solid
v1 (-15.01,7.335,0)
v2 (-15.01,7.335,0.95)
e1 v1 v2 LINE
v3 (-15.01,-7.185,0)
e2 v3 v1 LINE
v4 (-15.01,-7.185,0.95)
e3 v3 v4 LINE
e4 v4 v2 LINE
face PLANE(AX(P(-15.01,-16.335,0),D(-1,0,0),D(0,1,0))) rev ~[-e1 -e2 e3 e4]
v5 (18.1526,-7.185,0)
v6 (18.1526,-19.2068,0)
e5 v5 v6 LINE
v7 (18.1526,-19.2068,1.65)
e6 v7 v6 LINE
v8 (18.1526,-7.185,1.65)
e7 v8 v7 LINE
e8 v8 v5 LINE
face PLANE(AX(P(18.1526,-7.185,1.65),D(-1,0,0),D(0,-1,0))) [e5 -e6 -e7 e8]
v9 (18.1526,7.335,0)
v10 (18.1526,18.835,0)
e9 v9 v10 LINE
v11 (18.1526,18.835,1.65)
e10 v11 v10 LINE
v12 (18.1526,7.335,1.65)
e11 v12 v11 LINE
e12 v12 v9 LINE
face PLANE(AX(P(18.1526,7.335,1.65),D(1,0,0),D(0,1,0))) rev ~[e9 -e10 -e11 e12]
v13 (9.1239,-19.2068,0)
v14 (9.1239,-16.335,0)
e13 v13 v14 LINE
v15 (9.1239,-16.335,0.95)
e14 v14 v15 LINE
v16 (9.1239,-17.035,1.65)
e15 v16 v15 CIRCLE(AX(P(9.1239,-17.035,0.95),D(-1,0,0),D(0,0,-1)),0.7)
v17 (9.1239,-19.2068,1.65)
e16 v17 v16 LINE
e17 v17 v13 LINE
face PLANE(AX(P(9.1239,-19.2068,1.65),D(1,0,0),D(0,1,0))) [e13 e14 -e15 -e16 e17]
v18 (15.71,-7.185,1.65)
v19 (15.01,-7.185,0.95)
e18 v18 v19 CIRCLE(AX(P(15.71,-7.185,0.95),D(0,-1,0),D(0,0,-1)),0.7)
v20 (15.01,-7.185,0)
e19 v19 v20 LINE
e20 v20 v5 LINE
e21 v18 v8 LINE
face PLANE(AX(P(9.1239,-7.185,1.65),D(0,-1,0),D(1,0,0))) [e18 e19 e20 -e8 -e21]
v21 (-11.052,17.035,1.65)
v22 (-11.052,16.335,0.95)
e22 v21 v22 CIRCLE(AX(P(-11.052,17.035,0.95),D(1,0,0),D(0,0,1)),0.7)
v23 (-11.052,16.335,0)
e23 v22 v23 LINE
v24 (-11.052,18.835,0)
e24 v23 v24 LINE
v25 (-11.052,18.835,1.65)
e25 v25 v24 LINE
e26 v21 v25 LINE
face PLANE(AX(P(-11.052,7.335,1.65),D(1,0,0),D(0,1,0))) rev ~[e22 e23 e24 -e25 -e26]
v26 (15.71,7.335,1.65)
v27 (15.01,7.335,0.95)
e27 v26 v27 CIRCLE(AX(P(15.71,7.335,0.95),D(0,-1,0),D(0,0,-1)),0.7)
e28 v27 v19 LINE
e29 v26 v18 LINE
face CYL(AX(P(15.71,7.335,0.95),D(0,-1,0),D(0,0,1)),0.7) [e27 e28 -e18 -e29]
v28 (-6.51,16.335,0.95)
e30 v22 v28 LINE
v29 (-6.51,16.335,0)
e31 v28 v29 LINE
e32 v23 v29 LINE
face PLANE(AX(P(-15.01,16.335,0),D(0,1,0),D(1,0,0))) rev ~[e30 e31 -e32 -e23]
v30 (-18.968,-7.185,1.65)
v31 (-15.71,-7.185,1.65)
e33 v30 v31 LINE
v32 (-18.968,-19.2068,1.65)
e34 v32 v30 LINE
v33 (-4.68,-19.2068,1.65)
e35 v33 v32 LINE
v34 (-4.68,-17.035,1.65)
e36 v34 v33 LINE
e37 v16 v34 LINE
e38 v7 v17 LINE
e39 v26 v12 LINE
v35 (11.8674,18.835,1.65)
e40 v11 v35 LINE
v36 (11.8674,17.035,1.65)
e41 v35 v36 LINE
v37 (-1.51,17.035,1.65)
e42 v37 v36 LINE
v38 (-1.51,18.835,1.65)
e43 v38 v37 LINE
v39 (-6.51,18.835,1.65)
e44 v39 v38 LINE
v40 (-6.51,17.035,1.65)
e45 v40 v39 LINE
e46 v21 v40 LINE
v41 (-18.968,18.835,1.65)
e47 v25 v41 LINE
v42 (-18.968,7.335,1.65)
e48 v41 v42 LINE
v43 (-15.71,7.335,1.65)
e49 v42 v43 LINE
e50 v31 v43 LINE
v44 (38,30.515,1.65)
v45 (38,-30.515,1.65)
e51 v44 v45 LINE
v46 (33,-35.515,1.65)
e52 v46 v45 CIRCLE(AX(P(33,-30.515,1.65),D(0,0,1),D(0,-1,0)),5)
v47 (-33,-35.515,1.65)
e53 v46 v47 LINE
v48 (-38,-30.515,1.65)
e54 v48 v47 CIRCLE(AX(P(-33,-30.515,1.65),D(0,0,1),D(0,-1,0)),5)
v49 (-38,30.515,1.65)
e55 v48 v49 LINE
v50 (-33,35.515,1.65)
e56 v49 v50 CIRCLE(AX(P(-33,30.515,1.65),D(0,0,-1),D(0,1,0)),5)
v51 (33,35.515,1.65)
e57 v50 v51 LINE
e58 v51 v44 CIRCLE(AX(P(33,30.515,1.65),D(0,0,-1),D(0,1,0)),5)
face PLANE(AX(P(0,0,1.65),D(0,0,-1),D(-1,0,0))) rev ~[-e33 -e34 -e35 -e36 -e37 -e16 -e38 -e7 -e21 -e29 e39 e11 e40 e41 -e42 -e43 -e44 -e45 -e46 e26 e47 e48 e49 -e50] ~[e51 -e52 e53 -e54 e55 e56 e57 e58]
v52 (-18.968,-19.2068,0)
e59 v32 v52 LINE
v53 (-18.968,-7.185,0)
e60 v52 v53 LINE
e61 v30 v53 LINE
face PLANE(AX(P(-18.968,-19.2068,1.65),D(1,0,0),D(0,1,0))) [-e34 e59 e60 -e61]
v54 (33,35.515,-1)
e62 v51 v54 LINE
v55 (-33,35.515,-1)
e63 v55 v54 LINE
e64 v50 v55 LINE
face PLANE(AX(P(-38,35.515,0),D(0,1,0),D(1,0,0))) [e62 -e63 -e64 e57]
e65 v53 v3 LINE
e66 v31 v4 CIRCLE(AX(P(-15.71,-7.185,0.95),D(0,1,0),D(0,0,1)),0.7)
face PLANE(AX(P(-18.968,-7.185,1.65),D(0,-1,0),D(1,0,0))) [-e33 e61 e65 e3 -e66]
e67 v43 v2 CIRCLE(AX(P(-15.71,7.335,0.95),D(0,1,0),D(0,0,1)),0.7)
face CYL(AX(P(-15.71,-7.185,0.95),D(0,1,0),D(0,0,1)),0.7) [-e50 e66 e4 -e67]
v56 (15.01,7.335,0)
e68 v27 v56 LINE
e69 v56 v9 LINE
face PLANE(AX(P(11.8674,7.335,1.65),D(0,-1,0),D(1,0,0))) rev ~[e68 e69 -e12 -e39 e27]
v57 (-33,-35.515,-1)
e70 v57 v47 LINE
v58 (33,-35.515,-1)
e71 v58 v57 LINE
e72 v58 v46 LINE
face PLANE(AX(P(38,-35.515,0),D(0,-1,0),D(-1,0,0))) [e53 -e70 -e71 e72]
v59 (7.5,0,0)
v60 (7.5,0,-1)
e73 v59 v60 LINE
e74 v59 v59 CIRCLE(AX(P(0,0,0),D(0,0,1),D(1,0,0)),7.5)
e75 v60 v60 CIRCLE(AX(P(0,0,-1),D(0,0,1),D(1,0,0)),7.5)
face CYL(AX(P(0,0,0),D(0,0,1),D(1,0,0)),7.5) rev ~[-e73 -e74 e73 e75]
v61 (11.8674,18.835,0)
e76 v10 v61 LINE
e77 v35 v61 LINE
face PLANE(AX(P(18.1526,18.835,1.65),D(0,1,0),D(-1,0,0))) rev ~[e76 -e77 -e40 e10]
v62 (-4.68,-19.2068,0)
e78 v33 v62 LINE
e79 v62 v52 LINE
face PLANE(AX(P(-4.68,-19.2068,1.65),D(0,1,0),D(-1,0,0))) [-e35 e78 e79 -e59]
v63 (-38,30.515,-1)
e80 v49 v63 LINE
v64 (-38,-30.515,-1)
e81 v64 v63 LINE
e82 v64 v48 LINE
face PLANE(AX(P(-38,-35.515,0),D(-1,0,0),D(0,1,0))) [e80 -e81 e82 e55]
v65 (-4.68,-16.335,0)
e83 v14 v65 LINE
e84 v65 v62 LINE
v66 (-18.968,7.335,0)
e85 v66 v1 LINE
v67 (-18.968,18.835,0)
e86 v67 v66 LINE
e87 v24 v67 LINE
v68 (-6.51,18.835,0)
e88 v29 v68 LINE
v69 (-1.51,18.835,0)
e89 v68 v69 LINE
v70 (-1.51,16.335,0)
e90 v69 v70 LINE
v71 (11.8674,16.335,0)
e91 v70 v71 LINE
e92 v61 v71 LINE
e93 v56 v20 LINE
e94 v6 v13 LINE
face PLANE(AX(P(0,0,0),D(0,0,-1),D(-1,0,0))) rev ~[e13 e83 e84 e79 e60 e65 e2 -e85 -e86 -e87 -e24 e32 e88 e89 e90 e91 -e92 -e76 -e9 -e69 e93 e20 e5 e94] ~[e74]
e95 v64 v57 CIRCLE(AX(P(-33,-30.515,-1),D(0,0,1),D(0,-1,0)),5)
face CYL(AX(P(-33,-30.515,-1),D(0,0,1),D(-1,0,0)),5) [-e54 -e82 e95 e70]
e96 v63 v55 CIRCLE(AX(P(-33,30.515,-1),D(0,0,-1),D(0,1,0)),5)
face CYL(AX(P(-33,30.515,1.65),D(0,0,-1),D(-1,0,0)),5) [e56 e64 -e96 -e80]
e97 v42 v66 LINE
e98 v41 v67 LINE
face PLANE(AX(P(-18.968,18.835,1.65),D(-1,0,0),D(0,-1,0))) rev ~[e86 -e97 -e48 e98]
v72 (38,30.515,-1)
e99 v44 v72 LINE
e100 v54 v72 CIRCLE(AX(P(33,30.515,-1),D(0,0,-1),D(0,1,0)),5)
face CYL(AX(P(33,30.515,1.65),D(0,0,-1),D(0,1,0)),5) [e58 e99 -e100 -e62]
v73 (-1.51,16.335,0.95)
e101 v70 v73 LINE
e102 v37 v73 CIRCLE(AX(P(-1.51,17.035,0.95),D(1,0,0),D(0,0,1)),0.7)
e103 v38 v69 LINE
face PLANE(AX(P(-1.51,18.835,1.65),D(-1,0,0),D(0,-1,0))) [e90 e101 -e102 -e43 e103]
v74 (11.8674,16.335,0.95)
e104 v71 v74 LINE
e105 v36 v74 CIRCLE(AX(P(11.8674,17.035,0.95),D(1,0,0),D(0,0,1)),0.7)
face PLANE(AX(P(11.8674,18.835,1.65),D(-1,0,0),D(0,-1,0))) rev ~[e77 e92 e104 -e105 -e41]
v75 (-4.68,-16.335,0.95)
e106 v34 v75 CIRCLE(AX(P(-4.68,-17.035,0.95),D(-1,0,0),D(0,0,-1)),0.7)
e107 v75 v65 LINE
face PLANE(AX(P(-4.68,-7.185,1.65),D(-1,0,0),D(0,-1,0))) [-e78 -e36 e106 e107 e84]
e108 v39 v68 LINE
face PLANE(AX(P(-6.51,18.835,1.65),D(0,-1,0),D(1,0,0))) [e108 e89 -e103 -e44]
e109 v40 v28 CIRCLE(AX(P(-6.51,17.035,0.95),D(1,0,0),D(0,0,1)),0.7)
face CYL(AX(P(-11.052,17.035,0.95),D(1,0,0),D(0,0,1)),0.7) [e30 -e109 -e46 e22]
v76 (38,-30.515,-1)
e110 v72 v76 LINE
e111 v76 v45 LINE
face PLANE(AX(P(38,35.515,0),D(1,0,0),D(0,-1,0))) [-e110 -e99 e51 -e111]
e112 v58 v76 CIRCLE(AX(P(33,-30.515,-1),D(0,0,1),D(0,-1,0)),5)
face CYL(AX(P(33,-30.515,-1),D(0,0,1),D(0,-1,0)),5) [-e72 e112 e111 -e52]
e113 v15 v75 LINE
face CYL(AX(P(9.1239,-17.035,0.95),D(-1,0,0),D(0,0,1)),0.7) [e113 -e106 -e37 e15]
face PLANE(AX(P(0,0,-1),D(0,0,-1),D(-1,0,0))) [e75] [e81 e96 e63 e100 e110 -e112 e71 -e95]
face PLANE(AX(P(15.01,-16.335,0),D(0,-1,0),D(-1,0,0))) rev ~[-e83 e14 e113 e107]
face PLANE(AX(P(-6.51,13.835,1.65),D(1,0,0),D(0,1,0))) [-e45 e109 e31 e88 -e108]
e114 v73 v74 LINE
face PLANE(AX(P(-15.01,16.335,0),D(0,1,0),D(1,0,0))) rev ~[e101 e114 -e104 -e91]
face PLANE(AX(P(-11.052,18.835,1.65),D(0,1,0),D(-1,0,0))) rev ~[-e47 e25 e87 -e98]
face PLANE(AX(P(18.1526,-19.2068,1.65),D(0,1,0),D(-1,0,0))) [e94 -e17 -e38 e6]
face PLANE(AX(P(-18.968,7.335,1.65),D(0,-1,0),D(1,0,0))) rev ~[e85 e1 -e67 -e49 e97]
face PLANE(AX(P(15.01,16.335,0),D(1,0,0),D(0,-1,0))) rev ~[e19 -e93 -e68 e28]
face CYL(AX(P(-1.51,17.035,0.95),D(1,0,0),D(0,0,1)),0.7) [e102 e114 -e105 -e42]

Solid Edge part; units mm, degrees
sketch "Sketch1" plane through (0, 0, 0) normal (0, 0, 1) x (1, 0, 0)
  line L0 (-15.01, -16.335) -> (-15.01, 16.335)
  line L1 (-15.01, 16.335) -> (15.01, 16.335)
  line L2 (15.01, 16.335) -> (15.01, -16.335)
  line L3 (15.01, -16.335) -> (-15.01, -16.335)
  line L4 (-38, -35.515) -> (-38, 35.515)
  line L5 (-38, 35.515) -> (38, 35.515)
  line L6 (38, 35.515) -> (38, -35.515)
  line L7 (38, -35.515) -> (-38, -35.515)
  dimension "D1" = 32.67
  dimension "D2" = 30.02
  dimension "D3" = 71.03
  dimension "D4" = 76
extrude "Protrusion1" add sketch "Sketch1" along normal blind 1.65
sketch "Sketch2" plane through (0, 0, 0) normal (0, 0, 1) x (1, 0, 0)
  line L0 (38, -35.515) -> (-38, -35.515)
  line L1 (-38, -35.515) -> (-38, 35.515)
  line L2 (-38, 35.515) -> (38, 35.515)
  line L3 (38, 35.515) -> (38, -35.515)
extrude "ExtrudedProtrusion_2" add sketch "Sketch2" against normal blind 1
sketch "Sketch3" plane through (0, 0, 1.65) normal (0, 0, 1) x (1, 0, 0)
  line L0 (-18.968, -7.185) -> (-4.68, -7.185)
  line L1 (-4.68, -7.185) -> (-4.68, -19.2068)
  line L2 (-4.68, -19.2068) -> (-18.968, -19.2068)
  line L3 (-18.968, -19.2068) -> (-18.968, -7.185)
  line L4 (-11.052, 7.335) -> (-11.052, 18.835)
  line L5 (-11.052, 18.835) -> (-18.968, 18.835)
  line L6 (-18.968, 18.835) -> (-18.968, 7.335)
  line L7 (-18.968, 7.335) -> (-11.052, 7.335)
  line L8 (-1.51, 13.835) -> (-6.51, 13.835)
  line L9 (-6.51, 13.835) -> (-6.51, 18.835)
  line L10 (-6.51, 18.835) -> (-1.51, 18.835)
  line L11 (-1.51, 18.835) -> (-1.51, 13.835)
  line L12 (11.8674, 7.335) -> (18.1526, 7.335)
  line L13 (18.1526, 7.335) -> (18.1526, 18.835)
  line L14 (18.1526, 18.835) -> (11.8674, 18.835)
  line L15 (11.8674, 18.835) -> (11.8674, 7.335)
  line L16 (9.1239, -19.2068) -> (9.1239, -7.185)
  line L17 (9.1239, -7.185) -> (18.1526, -7.185)
  line L18 (18.1526, -7.185) -> (18.1526, -19.2068)
  line L19 (18.1526, -19.2068) -> (9.1239, -19.2068)
  dimension "D1" = 5
  dimension "D2" = 11
  dimension "D3" = 9
  dimension "D4" = 10.33
  dimension "D5" = 9.15
extrude "Cutout1" cut sketch "Sketch3" against normal up to vertex (1.65 mm away)
fillet "Round_1" radius 0.7 5 edges at (-8.781, 16.335, 1.65) (5.1787, 16.335, 1.65) (15.01, 0.075, 1.65) (2.2219, -16.335, 1.65) (-15.01, 0.075, 1.65)
sketch "Sketch4" plane through (-0.4077, -0.1859, 0) normal (0, 0, 1) x (1, 0, 0)
  circle A0 centre (0.4077, 0.1859) radius 7.5
extrude "Cutout2" cut sketch "Sketch4" against normal up to next
fillet "Round_2" radius 5 4 edges at (38, -35.515, 0.325) (-38, -35.515, 0.325) (-38, 35.515, 0.325) (38, 35.515, 0.325)
